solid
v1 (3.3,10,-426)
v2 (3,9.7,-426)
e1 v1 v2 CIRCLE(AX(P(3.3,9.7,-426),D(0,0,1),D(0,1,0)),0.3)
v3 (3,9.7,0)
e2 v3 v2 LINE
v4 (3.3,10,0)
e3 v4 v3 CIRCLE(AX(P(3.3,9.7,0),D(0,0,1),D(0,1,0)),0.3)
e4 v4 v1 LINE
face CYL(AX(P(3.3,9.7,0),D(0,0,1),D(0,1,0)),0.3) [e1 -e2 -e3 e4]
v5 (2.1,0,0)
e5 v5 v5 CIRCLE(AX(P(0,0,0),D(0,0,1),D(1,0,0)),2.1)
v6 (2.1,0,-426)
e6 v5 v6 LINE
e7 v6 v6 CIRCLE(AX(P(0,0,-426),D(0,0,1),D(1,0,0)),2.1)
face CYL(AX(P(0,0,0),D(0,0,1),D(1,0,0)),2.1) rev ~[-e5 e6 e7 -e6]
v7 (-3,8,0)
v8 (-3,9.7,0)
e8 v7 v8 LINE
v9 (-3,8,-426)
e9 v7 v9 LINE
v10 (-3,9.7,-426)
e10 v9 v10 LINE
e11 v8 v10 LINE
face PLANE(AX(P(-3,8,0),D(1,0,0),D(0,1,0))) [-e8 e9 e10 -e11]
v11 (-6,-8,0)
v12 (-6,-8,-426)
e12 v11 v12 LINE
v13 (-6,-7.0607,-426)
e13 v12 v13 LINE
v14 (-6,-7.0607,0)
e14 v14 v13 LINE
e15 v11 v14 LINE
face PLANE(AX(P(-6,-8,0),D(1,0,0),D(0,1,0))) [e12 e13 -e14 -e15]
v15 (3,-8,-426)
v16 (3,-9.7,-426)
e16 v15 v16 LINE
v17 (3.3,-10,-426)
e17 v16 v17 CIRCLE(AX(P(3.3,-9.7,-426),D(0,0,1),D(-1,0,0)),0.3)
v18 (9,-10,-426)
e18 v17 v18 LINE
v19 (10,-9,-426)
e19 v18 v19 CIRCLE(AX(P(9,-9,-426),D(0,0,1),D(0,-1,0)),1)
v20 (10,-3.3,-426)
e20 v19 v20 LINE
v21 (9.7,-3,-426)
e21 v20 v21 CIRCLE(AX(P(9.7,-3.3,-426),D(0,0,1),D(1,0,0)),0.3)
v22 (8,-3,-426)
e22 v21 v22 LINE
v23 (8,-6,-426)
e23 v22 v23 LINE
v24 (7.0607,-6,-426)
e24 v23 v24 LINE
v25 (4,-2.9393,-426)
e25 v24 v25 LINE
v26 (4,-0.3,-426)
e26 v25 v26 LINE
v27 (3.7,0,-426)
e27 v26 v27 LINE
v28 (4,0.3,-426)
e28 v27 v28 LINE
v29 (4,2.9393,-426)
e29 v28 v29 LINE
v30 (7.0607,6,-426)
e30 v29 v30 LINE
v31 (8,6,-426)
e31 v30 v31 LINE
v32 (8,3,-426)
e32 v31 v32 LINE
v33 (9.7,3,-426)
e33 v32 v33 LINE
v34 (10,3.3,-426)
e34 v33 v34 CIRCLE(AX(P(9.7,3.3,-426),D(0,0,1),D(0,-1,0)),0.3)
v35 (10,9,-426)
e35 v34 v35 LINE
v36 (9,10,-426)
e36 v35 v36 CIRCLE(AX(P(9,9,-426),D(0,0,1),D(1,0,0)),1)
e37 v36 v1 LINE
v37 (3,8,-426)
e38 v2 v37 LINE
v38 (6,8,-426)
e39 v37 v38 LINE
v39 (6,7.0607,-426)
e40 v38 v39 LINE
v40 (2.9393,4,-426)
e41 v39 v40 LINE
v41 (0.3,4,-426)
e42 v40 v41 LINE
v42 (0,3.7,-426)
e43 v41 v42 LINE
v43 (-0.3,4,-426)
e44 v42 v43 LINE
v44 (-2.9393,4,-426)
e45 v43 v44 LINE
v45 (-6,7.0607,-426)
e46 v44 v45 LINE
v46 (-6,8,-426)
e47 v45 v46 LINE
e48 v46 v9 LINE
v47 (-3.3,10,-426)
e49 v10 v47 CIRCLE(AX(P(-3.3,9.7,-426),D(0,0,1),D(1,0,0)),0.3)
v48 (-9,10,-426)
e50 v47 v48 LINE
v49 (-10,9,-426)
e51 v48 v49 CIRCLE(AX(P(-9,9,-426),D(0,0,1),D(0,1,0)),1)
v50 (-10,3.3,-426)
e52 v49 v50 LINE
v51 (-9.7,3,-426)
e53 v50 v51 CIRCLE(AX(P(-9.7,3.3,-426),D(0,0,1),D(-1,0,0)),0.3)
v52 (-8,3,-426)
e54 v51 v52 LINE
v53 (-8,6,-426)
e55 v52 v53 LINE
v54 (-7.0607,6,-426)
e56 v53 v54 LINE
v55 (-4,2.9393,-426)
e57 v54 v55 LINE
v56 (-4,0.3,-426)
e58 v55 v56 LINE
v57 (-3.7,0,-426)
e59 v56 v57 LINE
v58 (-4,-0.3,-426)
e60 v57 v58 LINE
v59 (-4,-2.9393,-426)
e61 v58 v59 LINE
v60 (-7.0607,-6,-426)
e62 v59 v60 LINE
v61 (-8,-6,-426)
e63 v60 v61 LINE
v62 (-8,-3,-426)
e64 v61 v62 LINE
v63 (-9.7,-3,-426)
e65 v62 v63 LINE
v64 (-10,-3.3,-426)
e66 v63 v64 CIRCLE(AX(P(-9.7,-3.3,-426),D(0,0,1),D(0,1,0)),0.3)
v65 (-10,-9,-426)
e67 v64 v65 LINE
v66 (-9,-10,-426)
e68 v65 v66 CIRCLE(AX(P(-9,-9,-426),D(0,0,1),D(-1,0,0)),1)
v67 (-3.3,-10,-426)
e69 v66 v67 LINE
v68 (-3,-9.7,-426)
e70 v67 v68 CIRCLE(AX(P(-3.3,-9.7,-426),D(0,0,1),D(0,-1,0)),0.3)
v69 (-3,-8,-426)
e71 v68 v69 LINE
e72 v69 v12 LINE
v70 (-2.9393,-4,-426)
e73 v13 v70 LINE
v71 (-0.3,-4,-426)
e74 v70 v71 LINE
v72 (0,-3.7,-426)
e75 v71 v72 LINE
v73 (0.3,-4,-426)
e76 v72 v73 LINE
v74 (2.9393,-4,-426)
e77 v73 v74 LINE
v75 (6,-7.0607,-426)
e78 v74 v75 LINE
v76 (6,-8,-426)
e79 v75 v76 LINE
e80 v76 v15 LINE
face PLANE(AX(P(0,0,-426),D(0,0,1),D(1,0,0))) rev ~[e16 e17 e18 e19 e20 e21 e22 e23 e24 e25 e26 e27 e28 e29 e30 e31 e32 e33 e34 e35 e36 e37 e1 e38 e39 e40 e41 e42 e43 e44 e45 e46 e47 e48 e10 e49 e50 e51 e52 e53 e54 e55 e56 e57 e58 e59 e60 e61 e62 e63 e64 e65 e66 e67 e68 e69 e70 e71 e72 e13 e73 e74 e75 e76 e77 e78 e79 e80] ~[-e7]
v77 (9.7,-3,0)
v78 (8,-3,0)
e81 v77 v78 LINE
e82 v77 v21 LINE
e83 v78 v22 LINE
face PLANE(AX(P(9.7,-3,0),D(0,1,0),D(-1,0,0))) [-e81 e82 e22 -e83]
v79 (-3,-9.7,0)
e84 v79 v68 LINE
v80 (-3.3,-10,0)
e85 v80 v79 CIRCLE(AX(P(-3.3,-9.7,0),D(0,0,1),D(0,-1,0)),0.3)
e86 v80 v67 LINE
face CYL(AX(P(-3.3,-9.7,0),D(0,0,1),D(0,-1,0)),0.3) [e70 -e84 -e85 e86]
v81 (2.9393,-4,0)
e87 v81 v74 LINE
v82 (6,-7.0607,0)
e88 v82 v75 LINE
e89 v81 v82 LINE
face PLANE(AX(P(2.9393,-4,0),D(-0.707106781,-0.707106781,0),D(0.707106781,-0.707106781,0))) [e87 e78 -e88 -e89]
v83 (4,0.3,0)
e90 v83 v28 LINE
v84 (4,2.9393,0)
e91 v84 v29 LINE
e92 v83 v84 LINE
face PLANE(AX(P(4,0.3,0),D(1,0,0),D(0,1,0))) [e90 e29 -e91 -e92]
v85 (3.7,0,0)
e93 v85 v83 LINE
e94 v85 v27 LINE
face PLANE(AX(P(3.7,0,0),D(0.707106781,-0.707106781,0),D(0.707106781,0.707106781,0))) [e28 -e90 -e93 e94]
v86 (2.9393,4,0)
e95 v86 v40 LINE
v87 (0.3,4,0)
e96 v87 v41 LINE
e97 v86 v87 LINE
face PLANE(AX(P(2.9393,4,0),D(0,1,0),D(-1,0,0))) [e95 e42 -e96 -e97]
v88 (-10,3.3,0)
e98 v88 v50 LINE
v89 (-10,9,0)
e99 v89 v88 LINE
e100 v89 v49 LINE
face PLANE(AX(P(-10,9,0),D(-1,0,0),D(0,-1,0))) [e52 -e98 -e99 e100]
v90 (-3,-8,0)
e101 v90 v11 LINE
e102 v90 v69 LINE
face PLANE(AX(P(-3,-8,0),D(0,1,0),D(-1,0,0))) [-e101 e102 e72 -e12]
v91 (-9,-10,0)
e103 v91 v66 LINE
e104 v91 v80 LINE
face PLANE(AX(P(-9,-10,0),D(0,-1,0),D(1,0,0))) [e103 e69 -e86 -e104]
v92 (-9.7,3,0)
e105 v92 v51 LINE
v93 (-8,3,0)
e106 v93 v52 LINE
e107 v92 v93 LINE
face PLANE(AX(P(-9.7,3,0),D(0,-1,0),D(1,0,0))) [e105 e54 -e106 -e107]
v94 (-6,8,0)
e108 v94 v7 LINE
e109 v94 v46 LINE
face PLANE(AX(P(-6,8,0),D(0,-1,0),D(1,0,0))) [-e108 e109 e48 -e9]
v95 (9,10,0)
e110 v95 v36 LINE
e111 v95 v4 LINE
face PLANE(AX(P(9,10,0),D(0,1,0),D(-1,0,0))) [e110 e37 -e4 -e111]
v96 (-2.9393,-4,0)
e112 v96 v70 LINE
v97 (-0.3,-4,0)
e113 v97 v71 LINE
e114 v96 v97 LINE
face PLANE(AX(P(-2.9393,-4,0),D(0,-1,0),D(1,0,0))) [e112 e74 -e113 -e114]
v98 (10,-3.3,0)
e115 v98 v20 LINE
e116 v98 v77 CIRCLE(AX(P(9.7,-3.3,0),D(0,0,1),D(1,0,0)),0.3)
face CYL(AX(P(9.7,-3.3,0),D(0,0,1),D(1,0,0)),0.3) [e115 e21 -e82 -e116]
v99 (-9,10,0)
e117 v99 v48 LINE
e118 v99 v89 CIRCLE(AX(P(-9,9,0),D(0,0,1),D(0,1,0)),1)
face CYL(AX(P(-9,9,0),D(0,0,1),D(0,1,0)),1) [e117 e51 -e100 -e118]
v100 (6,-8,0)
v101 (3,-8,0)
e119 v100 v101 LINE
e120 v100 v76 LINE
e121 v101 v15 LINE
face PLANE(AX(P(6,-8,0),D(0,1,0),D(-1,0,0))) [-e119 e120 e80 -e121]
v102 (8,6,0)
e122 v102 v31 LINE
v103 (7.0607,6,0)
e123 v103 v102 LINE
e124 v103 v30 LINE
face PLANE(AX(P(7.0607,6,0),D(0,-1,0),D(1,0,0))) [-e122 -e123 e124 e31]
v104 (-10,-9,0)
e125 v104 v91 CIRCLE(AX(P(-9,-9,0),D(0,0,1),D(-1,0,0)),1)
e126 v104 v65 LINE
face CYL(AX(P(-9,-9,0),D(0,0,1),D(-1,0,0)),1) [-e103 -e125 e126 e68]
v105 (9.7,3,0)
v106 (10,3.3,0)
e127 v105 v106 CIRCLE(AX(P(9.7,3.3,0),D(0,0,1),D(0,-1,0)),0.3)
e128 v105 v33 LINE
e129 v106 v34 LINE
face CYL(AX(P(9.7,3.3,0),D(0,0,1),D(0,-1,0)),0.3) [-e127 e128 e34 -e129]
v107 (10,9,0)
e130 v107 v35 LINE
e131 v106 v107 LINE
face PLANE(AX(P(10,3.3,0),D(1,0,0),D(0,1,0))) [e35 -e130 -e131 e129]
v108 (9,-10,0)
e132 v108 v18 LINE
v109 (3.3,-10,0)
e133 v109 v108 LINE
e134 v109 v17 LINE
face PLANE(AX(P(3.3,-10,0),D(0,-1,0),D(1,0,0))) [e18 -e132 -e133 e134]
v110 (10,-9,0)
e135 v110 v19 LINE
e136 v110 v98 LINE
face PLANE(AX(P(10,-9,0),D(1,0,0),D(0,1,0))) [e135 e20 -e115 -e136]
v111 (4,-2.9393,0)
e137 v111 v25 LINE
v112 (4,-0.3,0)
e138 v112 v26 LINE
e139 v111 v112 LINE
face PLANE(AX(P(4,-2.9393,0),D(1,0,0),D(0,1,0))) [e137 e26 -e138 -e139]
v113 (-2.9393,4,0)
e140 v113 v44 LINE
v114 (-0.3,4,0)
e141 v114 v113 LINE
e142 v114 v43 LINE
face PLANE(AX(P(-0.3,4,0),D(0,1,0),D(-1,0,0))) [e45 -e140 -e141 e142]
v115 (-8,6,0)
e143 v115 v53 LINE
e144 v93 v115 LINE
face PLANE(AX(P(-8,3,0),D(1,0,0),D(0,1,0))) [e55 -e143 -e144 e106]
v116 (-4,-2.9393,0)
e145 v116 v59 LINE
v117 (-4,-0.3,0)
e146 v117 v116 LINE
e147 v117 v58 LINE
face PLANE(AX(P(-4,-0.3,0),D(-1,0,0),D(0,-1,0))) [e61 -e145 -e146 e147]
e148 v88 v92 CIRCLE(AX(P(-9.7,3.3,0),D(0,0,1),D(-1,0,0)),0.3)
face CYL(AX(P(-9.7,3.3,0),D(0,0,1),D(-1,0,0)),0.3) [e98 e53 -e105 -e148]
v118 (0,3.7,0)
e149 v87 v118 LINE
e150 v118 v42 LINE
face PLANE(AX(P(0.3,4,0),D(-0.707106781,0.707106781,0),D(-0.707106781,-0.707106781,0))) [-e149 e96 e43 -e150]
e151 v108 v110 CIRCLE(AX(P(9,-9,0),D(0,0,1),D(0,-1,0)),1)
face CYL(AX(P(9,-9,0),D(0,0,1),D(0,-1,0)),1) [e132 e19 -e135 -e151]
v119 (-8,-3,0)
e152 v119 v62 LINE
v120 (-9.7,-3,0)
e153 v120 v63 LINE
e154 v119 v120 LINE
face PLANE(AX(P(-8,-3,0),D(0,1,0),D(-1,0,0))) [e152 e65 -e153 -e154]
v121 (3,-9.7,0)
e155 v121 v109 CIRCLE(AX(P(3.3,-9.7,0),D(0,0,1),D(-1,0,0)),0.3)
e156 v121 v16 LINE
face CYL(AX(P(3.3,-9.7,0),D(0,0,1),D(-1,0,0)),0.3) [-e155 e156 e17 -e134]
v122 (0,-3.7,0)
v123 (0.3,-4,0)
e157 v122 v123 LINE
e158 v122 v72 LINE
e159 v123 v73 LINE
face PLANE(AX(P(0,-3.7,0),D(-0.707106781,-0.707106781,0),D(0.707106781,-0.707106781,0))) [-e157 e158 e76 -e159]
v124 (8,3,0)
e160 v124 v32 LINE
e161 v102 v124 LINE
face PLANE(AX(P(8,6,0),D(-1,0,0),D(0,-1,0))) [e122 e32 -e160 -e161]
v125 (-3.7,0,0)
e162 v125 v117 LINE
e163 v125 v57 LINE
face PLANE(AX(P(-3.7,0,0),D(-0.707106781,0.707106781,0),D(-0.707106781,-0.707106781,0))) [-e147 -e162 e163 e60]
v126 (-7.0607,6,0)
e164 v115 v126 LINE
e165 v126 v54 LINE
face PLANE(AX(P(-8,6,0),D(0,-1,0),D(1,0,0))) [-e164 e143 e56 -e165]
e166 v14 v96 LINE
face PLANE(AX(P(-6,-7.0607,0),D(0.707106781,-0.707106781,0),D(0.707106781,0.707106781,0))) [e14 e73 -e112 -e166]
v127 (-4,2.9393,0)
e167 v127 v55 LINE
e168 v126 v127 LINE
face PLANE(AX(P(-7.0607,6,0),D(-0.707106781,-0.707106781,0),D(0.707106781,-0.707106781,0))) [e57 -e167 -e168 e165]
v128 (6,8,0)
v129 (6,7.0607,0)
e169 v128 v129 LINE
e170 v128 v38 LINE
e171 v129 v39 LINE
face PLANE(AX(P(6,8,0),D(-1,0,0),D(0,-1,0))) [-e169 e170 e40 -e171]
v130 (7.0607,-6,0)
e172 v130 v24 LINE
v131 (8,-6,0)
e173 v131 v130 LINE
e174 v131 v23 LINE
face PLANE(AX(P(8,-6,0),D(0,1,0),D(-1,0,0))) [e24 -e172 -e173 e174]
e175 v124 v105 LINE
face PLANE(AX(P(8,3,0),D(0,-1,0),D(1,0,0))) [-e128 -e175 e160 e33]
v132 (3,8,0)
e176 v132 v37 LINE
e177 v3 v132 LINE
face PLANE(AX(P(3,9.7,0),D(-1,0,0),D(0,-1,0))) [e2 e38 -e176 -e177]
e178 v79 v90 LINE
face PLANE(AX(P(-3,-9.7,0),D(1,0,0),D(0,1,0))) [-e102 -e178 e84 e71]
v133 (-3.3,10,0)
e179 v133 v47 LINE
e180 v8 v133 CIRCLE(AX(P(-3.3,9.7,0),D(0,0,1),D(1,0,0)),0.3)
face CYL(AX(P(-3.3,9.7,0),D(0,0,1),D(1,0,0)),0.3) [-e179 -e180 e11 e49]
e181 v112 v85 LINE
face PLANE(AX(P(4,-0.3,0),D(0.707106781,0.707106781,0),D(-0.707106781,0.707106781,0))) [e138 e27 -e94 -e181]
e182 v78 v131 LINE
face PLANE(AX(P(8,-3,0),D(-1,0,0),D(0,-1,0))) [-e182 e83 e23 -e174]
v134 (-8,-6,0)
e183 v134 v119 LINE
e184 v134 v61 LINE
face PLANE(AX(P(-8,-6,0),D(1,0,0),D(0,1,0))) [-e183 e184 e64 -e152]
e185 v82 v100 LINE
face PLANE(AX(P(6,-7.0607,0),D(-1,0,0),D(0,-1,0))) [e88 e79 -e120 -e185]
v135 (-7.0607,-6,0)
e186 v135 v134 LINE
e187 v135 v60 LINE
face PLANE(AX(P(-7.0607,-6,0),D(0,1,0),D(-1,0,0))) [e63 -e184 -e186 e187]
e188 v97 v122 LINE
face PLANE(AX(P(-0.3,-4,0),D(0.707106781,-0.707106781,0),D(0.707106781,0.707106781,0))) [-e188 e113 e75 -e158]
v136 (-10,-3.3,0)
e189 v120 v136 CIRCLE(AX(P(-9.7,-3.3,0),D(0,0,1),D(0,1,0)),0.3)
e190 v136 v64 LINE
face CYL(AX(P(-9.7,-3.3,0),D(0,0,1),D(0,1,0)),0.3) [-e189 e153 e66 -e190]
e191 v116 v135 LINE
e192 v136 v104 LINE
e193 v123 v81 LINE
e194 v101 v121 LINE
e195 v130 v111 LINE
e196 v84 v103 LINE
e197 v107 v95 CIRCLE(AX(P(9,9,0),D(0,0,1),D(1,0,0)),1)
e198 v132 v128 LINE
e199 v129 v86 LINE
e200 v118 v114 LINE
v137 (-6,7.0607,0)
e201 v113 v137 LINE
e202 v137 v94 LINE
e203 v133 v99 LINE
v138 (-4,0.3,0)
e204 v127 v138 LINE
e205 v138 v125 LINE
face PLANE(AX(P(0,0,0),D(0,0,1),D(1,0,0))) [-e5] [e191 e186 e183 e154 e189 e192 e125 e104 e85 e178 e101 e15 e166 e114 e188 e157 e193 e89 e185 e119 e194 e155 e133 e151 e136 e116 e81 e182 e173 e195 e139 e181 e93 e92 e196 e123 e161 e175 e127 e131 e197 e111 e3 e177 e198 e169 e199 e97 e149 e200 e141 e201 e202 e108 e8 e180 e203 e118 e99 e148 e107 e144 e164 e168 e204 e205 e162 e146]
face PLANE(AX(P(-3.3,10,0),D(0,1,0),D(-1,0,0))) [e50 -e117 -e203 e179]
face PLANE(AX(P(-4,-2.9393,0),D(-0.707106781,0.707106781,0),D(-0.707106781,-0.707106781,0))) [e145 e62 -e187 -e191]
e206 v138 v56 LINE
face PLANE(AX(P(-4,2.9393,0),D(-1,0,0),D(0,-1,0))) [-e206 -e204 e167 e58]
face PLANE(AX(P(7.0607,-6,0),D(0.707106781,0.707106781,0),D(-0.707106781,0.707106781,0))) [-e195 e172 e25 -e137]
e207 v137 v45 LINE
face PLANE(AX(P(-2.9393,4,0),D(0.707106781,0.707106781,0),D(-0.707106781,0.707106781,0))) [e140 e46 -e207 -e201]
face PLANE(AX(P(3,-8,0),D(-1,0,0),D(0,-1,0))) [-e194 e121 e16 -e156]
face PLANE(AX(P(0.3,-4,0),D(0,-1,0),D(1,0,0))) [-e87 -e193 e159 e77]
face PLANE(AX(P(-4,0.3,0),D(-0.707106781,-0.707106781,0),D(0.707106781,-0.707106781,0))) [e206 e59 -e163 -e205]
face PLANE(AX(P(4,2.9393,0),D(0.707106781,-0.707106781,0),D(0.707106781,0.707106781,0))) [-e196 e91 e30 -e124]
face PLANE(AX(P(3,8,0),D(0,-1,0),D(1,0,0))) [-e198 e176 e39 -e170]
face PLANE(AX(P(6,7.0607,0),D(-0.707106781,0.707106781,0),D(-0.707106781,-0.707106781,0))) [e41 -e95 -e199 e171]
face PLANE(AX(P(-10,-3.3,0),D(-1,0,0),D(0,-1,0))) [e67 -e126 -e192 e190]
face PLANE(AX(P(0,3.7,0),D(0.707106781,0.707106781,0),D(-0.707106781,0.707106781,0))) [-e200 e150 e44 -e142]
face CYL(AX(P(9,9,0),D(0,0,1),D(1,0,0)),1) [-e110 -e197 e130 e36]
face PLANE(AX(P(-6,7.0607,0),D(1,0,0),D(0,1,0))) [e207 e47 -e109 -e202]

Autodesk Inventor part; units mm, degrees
ref_plane "YZ Plane" through (0, 0, 0) normal (1, 0, 0) x (0, 1, 0)
ref_plane "XZ Plane" through (0, 0, 0) normal (0, 1, 0) x (-1, 0, 0)
ref_plane "XY Plane" through (0, 0, 0) normal (0, 0, 1) x (1, 0, 0)
sketch "Sketch_5" plane through (0, 0, 0) normal (0, 0, 1) x (1, 0, 0)
  line L0 (-10, 9) -> (-10, 3.3)
  arc A0 (-10, 3.3) -> (-9.7, 3) centre (-9.7, 3.3) ccw
  line L1 (-9.7, 3) -> (-8, 3)
  line L2 (-8, 3) -> (-8, 6)
  line L3 (-8, 6) -> (-7.0607, 6)
  line L4 (-7.0607, 6) -> (-4, 2.9393)
  line L5 (-4, 2.9393) -> (-4, 0.3)
  line L6 (-4, 0.3) -> (-3.7, 0)
  line L7 (-3.7, 0) -> (-4, -0.3)
  line L8 (-4, -0.3) -> (-4, -2.9393)
  line L9 (-4, -2.9393) -> (-7.0607, -6)
  line L10 (-7.0607, -6) -> (-8, -6)
  line L11 (-8, -6) -> (-8, -3)
  line L12 (-8, -3) -> (-9.7, -3)
  arc A1 (-9.7, -3) -> (-10, -3.3) centre (-9.7, -3.3) ccw
  line L13 (-10, -3.3) -> (-10, -9)
  arc A2 (-10, -9) -> (-9, -10) centre (-9, -9) ccw
  line L14 (-9, -10) -> (-3.3, -10)
  arc A3 (-3.3, -10) -> (-3, -9.7) centre (-3.3, -9.7) ccw
  line L15 (-3, -9.7) -> (-3, -8)
  line L16 (-3, -8) -> (-6, -8)
  line L17 (-6, -8) -> (-6, -7.0607)
  line L18 (-6, -7.0607) -> (-2.9393, -4)
  line L19 (-2.9393, -4) -> (-0.3, -4)
  line L20 (-0.3, -4) -> (0, -3.7)
  line L21 (0, -3.7) -> (0.3, -4)
  line L22 (0.3, -4) -> (2.9393, -4)
  line L23 (2.9393, -4) -> (6, -7.0607)
  line L24 (6, -7.0607) -> (6, -8)
  line L25 (6, -8) -> (3, -8)
  line L26 (3, -8) -> (3, -9.7)
  arc A4 (3, -9.7) -> (3.3, -10) centre (3.3, -9.7) ccw
  line L27 (3.3, -10) -> (9, -10)
  arc A5 (9, -10) -> (10, -9) centre (9, -9) ccw
  line L28 (10, -9) -> (10, -3.3)
  arc A6 (10, -3.3) -> (9.7, -3) centre (9.7, -3.3) ccw
  line L29 (9.7, -3) -> (8, -3)
  line L30 (8, -3) -> (8, -6)
  line L31 (8, -6) -> (7.0607, -6)
  line L32 (7.0607, -6) -> (4, -2.9393)
  line L33 (4, -2.9393) -> (4, -0.3)
  line L34 (4, -0.3) -> (3.7, 0)
  line L35 (3.7, 0) -> (4, 0.3)
  line L36 (4, 0.3) -> (4, 2.9393)
  line L37 (4, 2.9393) -> (7.0607, 6)
  line L38 (7.0607, 6) -> (8, 6)
  line L39 (8, 6) -> (8, 3)
  line L40 (8, 3) -> (9.7, 3)
  arc A7 (9.7, 3) -> (10, 3.3) centre (9.7, 3.3) ccw
  line L41 (10, 3.3) -> (10, 9)
  arc A8 (10, 9) -> (9, 10) centre (9, 9) ccw
  line L42 (9, 10) -> (3.3, 10)
  arc A9 (3.3, 10) -> (3, 9.7) centre (3.3, 9.7) ccw
  line L43 (3, 9.7) -> (3, 8)
  line L44 (3, 8) -> (6, 8)
  line L45 (6, 8) -> (6, 7.0607)
  line L46 (6, 7.0607) -> (2.9393, 4)
  line L47 (2.9393, 4) -> (0.3, 4)
  line L48 (0.3, 4) -> (0, 3.7)
  line L49 (0, 3.7) -> (-0.3, 4)
  line L50 (-0.3, 4) -> (-2.9393, 4)
  line L51 (-2.9393, 4) -> (-6, 7.0607)
  line L52 (-6, 7.0607) -> (-6, 8)
  line L53 (-6, 8) -> (-3, 8)
  line L54 (-3, 8) -> (-3, 9.7)
  arc A10 (-3, 9.7) -> (-3.3, 10) centre (-3.3, 9.7) ccw
  line L55 (-3.3, 10) -> (-9, 10)
  arc A11 (-9, 10) -> (-10, 9) centre (-9, 9) ccw
  circle A12 centre (0, 0) radius 2.1
extrude "Extrusion1" add sketch "Sketch_5" against normal blind 426
properties part number "KHFS5-2020-4000"
